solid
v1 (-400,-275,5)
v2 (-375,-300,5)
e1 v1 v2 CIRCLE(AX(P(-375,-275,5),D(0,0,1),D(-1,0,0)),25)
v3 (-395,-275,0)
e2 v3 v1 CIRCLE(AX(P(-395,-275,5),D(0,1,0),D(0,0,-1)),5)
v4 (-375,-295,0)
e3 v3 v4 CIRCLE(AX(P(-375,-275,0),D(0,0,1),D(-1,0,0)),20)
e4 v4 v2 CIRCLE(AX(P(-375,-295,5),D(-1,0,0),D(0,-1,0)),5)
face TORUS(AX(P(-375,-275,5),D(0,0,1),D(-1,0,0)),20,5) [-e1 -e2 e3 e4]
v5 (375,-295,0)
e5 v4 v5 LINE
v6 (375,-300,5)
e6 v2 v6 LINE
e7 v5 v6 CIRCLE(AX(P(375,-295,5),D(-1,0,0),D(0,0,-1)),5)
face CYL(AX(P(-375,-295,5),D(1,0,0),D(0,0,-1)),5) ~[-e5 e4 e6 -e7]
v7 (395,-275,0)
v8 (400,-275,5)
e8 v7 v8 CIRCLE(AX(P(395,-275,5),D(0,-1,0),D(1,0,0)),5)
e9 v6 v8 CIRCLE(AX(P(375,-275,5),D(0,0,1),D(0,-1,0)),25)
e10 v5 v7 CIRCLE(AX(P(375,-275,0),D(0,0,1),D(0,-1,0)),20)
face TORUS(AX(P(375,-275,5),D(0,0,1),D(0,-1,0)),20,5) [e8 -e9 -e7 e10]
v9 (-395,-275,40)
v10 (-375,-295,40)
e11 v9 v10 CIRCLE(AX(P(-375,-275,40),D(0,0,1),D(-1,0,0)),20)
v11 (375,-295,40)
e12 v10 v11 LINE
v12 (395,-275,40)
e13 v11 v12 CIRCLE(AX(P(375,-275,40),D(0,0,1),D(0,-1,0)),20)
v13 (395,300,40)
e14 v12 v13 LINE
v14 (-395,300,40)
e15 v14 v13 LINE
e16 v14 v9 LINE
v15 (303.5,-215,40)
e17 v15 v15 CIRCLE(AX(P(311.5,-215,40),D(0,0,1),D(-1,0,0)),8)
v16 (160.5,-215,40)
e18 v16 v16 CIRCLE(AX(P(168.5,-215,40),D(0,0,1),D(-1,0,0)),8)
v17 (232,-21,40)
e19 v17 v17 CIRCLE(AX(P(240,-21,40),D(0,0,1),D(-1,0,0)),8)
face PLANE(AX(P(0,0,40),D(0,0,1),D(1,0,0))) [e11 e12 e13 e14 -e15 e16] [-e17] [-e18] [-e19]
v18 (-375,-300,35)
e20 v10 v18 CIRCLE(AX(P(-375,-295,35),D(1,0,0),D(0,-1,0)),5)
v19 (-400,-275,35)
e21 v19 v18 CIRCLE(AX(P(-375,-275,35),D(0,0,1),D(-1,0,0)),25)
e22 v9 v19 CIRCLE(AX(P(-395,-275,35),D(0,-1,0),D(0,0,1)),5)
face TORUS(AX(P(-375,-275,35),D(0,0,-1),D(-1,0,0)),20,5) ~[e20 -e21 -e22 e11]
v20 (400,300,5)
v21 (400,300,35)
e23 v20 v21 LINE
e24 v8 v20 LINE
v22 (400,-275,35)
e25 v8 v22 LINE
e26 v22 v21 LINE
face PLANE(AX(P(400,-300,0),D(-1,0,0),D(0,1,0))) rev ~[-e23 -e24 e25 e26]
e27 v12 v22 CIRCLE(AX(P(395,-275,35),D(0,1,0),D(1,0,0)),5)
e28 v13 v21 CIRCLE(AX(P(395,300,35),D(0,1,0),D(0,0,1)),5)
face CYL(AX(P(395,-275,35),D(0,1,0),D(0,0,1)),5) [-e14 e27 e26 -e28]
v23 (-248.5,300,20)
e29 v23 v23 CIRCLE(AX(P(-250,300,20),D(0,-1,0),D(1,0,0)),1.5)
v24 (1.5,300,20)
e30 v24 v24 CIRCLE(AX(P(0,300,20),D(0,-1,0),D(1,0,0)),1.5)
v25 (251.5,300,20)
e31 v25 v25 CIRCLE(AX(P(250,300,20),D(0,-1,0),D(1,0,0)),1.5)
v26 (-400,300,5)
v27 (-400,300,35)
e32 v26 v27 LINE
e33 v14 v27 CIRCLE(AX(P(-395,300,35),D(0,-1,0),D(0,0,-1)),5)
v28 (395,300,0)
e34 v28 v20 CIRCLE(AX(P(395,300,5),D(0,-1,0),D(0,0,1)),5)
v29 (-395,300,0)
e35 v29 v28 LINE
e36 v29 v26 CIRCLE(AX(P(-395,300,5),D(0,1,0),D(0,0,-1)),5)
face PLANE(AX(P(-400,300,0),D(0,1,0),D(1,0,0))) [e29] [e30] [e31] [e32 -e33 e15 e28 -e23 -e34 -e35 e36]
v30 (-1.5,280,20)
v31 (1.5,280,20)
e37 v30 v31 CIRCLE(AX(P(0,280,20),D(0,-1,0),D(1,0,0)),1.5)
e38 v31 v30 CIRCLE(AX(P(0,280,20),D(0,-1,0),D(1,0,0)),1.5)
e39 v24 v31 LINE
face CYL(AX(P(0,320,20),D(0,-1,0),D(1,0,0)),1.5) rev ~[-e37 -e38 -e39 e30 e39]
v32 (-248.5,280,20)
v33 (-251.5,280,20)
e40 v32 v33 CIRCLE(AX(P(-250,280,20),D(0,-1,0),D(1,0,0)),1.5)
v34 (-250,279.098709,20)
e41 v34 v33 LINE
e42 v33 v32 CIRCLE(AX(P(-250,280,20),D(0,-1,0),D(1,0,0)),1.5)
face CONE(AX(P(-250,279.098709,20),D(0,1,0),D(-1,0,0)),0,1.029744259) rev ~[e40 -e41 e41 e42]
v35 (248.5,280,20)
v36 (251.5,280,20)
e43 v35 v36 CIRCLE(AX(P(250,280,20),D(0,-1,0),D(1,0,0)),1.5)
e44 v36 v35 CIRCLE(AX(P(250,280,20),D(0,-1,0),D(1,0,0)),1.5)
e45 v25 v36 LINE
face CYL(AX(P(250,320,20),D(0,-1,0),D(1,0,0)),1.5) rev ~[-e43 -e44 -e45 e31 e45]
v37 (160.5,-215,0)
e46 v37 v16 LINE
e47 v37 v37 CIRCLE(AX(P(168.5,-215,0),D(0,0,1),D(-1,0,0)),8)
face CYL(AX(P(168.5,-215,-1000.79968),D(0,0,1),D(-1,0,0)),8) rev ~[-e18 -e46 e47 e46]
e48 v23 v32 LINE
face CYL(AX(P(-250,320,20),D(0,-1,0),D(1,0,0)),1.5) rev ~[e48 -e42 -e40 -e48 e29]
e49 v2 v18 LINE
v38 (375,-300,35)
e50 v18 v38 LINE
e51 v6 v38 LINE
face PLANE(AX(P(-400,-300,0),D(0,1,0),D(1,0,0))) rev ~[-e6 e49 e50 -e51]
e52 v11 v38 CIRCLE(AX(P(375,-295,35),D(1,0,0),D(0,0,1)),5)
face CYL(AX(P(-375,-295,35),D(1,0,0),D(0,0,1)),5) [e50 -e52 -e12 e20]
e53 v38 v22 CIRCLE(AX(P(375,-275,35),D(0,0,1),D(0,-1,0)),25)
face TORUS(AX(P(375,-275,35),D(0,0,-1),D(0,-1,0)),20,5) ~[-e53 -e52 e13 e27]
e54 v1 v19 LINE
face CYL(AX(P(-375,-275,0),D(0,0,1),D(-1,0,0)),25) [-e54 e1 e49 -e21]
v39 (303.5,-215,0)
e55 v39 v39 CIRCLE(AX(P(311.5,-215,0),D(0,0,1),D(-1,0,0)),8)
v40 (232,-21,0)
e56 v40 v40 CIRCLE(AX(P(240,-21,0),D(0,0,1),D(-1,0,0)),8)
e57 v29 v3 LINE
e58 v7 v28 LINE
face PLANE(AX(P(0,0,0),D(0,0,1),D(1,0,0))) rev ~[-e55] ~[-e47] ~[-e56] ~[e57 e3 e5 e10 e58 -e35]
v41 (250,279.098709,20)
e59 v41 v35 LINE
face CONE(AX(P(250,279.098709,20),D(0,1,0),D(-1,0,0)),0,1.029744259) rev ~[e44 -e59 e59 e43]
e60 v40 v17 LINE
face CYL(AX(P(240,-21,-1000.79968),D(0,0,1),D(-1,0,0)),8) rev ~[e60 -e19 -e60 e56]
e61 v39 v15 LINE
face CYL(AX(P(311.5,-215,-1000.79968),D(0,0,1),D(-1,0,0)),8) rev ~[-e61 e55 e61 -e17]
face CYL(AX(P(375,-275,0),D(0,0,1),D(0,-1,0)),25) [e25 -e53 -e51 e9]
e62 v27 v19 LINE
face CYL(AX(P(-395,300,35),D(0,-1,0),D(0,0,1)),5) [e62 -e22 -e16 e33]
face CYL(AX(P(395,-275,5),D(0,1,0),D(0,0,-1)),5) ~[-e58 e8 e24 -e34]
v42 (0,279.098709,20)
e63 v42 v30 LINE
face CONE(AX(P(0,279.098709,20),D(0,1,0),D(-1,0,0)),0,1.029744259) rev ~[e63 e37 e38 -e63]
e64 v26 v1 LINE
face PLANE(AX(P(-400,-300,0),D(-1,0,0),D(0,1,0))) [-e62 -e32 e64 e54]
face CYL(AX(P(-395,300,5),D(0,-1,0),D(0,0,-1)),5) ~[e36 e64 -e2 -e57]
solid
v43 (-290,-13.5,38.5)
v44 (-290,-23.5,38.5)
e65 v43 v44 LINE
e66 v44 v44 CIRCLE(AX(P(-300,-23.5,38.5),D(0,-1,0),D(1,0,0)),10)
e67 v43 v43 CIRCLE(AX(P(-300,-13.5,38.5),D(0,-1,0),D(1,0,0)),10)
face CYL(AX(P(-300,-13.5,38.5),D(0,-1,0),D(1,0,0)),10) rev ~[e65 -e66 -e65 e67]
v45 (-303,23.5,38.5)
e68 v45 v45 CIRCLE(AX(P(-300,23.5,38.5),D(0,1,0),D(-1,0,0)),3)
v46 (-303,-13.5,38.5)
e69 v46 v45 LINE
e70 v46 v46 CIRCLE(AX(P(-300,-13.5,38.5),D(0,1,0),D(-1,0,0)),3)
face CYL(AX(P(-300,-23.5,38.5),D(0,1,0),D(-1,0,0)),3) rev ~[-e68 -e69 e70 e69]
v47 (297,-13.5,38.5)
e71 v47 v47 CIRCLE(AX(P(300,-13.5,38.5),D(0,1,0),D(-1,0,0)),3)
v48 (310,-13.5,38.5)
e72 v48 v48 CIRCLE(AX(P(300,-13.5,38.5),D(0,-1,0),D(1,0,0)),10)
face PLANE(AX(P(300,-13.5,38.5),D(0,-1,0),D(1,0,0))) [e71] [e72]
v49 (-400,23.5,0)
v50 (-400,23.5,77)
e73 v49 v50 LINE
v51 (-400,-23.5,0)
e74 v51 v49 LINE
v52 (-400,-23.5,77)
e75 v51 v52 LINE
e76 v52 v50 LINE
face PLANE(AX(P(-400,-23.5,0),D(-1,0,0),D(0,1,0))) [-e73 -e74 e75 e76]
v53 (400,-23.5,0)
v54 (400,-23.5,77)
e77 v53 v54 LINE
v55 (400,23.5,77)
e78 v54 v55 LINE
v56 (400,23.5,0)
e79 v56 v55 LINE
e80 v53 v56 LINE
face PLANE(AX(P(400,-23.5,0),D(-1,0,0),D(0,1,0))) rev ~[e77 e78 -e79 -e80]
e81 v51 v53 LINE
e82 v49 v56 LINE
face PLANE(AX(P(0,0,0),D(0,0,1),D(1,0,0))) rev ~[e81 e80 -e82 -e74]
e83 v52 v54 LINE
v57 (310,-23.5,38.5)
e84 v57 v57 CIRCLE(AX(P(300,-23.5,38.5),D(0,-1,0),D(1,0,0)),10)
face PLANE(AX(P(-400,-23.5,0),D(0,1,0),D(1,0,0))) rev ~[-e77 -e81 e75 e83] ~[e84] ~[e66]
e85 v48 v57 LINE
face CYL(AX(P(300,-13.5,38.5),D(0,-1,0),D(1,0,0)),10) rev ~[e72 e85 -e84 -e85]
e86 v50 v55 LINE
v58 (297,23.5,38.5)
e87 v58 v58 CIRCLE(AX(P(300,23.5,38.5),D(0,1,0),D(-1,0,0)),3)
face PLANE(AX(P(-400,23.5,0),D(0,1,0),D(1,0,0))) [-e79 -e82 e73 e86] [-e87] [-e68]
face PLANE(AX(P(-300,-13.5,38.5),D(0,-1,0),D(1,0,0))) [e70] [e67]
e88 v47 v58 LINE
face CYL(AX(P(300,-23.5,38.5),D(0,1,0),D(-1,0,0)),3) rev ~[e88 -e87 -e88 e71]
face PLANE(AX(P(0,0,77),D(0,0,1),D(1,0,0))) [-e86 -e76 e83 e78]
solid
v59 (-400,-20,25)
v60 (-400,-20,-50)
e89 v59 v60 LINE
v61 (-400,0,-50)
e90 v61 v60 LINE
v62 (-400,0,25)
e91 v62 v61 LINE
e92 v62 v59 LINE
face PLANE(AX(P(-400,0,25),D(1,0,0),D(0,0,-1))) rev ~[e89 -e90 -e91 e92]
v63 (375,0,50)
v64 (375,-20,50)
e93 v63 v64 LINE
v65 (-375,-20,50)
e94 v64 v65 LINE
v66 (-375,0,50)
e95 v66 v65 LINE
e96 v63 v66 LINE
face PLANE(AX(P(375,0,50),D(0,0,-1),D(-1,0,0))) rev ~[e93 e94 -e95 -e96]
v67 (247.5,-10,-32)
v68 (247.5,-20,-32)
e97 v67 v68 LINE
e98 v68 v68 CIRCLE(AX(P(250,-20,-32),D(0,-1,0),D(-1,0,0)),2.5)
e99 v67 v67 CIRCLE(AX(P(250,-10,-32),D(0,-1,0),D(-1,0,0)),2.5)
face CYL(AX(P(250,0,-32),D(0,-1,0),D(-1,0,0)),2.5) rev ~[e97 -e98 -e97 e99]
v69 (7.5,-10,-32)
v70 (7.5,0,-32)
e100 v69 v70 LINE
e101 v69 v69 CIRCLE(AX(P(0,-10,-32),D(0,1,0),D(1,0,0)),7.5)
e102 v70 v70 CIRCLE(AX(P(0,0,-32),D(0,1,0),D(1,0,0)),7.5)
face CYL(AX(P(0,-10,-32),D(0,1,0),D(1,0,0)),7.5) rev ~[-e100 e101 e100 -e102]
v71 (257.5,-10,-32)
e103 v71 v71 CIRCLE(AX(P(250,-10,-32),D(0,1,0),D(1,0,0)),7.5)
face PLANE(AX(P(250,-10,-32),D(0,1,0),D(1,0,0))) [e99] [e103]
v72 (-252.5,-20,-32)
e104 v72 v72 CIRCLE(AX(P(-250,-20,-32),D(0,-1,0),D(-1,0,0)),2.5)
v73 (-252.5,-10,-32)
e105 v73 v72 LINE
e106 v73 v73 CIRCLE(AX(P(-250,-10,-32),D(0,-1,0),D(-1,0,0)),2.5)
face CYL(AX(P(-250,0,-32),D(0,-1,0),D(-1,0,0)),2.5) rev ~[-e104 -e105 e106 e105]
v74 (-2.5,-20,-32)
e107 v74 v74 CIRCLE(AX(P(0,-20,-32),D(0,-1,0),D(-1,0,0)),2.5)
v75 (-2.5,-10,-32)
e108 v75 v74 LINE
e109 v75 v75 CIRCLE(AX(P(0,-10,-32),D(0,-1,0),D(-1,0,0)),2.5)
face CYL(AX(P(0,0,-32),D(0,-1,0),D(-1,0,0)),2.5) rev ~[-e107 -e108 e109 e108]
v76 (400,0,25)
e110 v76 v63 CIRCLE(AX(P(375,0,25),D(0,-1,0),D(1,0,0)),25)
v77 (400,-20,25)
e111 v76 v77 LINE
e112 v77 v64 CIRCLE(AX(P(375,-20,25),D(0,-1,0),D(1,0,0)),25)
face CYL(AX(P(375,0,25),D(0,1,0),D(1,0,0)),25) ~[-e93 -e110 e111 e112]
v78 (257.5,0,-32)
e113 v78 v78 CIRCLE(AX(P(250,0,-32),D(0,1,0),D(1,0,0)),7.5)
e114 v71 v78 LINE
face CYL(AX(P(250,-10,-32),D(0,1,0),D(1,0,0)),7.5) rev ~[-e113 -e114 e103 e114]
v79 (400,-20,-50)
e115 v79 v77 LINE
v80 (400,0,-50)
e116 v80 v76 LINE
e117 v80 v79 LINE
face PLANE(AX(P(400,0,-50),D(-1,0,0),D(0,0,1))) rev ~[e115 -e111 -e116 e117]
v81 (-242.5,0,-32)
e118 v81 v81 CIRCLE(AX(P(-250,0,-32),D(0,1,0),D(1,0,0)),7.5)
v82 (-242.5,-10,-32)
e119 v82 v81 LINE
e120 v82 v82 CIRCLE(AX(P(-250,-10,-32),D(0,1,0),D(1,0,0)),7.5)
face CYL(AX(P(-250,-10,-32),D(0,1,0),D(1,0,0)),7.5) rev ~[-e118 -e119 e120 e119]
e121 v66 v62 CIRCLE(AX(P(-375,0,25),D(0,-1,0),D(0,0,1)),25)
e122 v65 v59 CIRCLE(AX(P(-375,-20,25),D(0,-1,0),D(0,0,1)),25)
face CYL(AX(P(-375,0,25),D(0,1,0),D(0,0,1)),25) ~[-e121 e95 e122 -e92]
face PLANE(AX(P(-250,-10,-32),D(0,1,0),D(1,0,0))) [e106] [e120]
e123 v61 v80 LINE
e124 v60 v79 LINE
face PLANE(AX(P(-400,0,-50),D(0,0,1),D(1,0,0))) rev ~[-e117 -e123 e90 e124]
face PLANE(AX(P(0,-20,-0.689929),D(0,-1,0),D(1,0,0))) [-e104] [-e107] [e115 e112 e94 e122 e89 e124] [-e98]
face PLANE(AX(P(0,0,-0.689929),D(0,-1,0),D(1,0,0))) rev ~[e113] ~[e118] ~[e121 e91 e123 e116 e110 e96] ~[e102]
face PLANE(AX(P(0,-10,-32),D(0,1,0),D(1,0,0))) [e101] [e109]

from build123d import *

# Parameters (mm, degrees)
F0_W            = 800
F0_H            = 600
F1_DEPTH        = 40
F2_R            = 25
F3_R            = 5
F5_D            = 3
F5_DEPTH        = 20
F5_TIP          = 0.9012909285
F7_DEPTH        = 20
F8_D            = 5
F8_CBORE_D      = 15
F8_CBORE_DEPTH  = 10
F9_W            = 800
F9_H            = 47
F10_DEPTH       = 77
F12_D           = 6
F12_CBORE_D     = 20
F12_CBORE_DEPTH = 10
F13_D           = 16


with BuildPart() as f1:
    # F0 (on Top) → F1 (new body)
    with BuildSketch(Plane.XY):
        Rectangle(F0_W, F0_H)
    extrude(amount=F1_DEPTH)

    # F2
    f2_edges = [f1.edges().sort_by_distance(p)[0] for p in [
        (400, -300, 20),
        (-400, -300, 20),
    ]]
    fillet(f2_edges, radius=F2_R)

    # F3
    f3_edges = [f1.edges().sort_by_distance(p)[0] for p in [
        (400, 12.5, 40),
        (0, -300, 0),
    ]]
    fillet(f3_edges, radius=F3_R)

    # F5
    with Locations(Plane(origin=(0, 300, 0), x_dir=(-1, 0, 0), z_dir=(0, 1, 0))):
        with Locations((-250, 20), (0, 20), (250, 20)):
            Hole(F5_D / 2, depth=F5_DEPTH)
            with Locations((0, 0, -(F5_DEPTH + F5_TIP / 2))):  # 118° drill point
                Cone(0, F5_D / 2, F5_TIP, mode=Mode.SUBTRACT)

    # F13 (through all)
    with Locations(Plane(origin=(0, 0, 0), x_dir=(1, 0, 0), z_dir=(0, 0, -1))):
        with Locations((168.5, 215), (311.5, 215), (240, 21)):
            Hole(F13_D / 2)


with BuildPart() as f7:
    # F6 (on Front) → F7 (new body)
    with BuildSketch(Plane.XZ):
        with BuildLine():
            ThreePointArc((400, 25), (392.6776695297, 42.6776695297), (375, 50))
            Line((375, 50), (-375, 50))
            ThreePointArc((-375, 50), (-392.6776695297, 42.6776695297), (-400, 25))
            Line((-400, 25), (-400, -50))
            Line((-400, -50), (400, -50))
            Line((400, -50), (400, 25))
        make_face()
    extrude(amount=F7_DEPTH)

    # F8 (through all)
    with Locations(Plane(origin=(0, 0, 0), x_dir=(1, 0, 0), z_dir=(0, 1, 0))):
        with Locations((250, 32), (0, 32), (-250, 32)):
            CounterBoreHole(F8_D / 2, F8_CBORE_D / 2, F8_CBORE_DEPTH)


with BuildPart() as f10:
    # F9 (on Top) → F10 (new body)
    with BuildSketch(Plane.XY):
        Rectangle(F9_W, F9_H)
    extrude(amount=F10_DEPTH)

    # F12 (through all)
    with Locations(Plane.XZ.offset(23.5)):
        with Locations((-300, 38.5), (300, 38.5)):
            CounterBoreHole(F12_D / 2, F12_CBORE_D / 2, F12_CBORE_DEPTH)


solid = Compound([f1.part, f7.part, f10.part])
